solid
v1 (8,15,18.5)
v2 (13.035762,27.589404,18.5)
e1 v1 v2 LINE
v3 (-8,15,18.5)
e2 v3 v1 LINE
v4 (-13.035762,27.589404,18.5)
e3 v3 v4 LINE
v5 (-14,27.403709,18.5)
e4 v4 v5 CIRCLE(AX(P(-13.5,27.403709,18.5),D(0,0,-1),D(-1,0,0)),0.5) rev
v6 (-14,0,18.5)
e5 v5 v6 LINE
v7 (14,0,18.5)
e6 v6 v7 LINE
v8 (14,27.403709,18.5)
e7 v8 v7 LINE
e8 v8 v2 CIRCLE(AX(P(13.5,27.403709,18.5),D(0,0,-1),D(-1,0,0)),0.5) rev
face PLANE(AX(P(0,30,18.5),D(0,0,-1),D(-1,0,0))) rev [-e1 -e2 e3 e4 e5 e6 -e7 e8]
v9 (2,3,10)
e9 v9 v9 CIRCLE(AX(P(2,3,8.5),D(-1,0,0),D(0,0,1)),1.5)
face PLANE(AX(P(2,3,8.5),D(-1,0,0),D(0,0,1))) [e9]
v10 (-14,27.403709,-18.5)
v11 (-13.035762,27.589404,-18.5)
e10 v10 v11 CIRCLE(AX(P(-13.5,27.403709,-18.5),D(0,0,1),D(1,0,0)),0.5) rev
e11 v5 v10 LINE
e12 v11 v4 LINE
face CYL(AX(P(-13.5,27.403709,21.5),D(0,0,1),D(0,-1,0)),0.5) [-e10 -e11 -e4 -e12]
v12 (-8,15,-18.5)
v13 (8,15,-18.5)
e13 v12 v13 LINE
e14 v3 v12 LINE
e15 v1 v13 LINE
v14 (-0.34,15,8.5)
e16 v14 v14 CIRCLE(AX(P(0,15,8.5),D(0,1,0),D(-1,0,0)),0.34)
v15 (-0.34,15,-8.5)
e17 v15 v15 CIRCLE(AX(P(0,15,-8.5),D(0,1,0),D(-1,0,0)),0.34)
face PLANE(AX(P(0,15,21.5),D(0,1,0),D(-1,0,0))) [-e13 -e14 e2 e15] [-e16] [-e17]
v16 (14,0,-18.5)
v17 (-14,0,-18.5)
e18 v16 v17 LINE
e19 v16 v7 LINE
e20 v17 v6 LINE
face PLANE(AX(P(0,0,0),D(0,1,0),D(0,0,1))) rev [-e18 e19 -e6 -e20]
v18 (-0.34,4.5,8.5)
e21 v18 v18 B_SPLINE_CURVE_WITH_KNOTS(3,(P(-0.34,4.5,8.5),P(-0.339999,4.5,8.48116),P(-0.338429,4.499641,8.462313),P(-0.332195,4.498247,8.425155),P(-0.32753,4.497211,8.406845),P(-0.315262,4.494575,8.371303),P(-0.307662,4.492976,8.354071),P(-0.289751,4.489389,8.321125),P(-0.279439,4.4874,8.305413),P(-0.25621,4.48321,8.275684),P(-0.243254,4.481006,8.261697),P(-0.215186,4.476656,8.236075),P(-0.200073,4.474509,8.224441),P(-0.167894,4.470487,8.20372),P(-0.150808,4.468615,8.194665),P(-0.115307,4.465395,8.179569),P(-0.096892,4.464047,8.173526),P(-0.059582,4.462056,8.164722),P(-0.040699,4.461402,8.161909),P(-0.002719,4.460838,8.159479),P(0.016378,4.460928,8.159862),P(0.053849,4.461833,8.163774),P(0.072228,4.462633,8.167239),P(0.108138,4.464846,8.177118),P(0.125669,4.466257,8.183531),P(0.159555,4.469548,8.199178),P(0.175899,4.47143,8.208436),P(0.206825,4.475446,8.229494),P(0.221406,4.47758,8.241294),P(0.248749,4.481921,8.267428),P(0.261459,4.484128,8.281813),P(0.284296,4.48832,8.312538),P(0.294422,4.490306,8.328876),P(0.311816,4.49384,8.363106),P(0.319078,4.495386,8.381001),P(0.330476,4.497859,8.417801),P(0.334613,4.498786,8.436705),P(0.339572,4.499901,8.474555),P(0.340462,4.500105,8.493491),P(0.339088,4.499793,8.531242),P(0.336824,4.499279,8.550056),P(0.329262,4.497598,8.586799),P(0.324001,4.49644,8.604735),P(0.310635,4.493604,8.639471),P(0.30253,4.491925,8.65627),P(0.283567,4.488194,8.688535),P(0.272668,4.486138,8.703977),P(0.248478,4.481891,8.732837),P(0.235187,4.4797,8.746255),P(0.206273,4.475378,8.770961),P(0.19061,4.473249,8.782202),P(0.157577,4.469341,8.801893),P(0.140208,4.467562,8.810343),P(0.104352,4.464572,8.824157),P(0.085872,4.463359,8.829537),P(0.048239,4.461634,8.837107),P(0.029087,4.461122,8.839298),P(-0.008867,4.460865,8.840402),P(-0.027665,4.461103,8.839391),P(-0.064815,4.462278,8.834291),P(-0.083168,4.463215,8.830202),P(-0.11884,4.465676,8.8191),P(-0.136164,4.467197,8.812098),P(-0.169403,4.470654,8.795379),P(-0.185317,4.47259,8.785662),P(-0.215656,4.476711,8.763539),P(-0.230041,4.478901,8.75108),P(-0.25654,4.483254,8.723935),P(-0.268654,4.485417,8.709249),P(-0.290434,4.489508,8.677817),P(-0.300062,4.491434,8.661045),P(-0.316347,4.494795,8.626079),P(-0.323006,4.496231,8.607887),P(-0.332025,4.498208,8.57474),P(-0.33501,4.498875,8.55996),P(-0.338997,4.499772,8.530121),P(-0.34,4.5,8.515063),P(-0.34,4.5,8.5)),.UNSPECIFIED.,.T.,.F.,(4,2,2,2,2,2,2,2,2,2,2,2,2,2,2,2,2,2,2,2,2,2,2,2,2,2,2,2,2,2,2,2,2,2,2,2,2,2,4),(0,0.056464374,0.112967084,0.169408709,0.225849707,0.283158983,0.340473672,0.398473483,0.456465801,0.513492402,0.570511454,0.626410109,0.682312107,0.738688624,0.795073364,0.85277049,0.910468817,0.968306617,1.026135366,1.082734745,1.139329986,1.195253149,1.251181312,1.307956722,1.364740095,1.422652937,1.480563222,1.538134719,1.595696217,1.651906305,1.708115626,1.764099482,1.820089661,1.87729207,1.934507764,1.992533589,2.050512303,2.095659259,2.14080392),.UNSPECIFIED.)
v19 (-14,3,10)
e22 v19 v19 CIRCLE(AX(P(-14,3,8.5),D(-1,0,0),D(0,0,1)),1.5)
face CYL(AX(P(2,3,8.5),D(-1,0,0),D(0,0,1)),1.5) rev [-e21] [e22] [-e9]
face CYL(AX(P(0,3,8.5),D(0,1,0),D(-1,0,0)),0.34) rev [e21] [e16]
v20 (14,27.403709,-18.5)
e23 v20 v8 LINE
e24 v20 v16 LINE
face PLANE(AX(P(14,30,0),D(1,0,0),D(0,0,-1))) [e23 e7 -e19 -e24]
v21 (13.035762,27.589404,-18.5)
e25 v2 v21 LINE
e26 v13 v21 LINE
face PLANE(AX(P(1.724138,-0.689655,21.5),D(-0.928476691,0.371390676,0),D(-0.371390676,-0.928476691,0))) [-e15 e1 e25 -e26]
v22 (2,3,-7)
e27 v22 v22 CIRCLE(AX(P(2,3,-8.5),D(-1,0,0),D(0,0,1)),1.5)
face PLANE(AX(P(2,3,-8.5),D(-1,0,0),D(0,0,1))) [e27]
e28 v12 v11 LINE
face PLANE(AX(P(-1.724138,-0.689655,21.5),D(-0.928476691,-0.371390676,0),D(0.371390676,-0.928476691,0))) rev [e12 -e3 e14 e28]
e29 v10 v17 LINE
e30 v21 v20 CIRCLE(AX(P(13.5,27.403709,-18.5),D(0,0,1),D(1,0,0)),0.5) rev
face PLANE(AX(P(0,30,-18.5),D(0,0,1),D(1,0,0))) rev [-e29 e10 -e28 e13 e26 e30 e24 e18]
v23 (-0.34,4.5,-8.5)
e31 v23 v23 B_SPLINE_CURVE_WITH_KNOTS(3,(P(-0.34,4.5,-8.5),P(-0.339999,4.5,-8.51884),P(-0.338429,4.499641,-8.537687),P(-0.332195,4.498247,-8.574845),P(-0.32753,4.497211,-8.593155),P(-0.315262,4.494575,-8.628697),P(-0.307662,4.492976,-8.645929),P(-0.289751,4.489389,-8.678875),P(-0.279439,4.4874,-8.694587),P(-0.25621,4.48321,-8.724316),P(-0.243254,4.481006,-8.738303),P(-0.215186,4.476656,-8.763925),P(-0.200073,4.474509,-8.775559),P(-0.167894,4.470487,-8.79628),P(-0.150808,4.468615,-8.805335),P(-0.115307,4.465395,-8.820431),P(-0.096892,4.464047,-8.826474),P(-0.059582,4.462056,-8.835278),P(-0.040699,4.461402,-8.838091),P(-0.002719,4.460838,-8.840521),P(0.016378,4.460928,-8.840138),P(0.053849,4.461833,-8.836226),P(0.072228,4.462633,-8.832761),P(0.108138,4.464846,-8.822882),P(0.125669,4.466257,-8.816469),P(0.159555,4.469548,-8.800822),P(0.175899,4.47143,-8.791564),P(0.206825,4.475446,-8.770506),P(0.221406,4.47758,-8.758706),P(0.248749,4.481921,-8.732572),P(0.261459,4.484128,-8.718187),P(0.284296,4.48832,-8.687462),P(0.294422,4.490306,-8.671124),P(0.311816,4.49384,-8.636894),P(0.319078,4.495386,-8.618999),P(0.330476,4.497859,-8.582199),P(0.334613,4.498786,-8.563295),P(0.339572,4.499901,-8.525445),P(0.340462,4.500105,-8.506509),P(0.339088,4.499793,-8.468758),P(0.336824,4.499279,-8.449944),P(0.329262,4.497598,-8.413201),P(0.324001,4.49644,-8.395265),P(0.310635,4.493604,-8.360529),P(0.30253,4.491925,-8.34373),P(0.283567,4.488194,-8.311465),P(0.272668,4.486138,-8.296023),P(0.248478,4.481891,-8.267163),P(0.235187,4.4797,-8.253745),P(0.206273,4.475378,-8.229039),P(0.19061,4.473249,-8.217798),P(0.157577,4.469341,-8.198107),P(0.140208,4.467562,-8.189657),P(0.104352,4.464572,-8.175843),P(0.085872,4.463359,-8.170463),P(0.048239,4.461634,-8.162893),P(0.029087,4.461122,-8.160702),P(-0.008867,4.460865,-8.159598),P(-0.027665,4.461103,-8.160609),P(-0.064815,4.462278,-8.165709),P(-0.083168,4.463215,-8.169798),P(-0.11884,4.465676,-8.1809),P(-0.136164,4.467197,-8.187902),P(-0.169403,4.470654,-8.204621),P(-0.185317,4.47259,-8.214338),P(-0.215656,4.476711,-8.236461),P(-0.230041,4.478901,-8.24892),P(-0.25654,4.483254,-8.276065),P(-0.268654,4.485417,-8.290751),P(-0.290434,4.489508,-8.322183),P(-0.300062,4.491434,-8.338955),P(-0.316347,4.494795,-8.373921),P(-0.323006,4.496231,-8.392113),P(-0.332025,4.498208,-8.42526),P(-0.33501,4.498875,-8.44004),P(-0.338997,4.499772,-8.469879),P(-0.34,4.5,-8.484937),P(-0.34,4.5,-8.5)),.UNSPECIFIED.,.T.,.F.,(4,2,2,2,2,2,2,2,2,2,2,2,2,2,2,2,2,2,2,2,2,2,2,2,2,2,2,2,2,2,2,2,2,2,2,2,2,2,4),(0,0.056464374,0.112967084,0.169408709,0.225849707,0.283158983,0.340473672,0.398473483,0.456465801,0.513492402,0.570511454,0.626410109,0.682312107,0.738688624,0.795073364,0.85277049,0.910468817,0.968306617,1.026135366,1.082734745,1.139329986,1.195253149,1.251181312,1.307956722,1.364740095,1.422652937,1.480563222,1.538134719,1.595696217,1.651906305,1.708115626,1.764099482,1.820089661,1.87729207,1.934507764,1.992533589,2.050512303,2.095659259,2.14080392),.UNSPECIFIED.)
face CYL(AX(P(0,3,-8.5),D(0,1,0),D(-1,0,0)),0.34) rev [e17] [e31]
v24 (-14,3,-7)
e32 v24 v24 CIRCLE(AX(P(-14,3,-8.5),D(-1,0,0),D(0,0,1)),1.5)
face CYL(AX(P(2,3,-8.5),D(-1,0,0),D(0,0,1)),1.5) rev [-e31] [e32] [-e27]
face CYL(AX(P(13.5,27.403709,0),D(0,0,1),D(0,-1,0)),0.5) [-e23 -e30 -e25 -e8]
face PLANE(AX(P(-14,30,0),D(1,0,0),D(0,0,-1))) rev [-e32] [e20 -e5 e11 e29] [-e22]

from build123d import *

# Parameters (mm, degrees)
ESQUISSE1_W             = 2
ESQUISSE1_H             = 37
ESQUISSE1_W_2           = 24
BOSS_EXTRU_1_DEPTH      = 30
ENL_V_MAT_EXTRU_3_DEPTH = 40
CONG_1_R                = 0.5
ESQUISSE4_R             = 0.34
ENL_V_MAT_EXTRU_4_DEPTH = 12
ESQUISSE5_R             = 1.5
ENL_V_MAT_EXTRU_6_DEPTH = 16


with BuildPart() as part:
    # Esquisse1 → Boss.-Extru.1 (new body)
    with BuildSketch(Plane(origin=(0, 0, 0), x_dir=(1, 0, 0), z_dir=(0, 1, 0))):
        with Locations((-13, 0)):
            Rectangle(ESQUISSE1_W, ESQUISSE1_H)
        Rectangle(ESQUISSE1_W_2, ESQUISSE1_H)
        with Locations((13, 0)):
            Rectangle(ESQUISSE1_W, ESQUISSE1_H)
    extrude(amount=BOSS_EXTRU_1_DEPTH)

    # Esquisse3 → Enlèv. mat.-Extru.3 (cut)
    with BuildSketch(Plane(origin=(0, 0, -18.5), x_dir=(-1, 0, 0), z_dir=(0, 0, -1))):
        Polygon((-8, 15), (8, 15), (14, 30), (-14, 30), align=None)
    extrude(amount=-ENL_V_MAT_EXTRU_3_DEPTH, mode=Mode.SUBTRACT)

    # Congé1
    cong_1_edges = [part.edges().sort_by_distance(p)[0] for p in [
        (14, 30, 0),
        (-14, 30, 0),
    ]]
    fillet(cong_1_edges, radius=CONG_1_R)

    # Esquisse4 → Enlèv. mat.-Extru.4 (cut)
    with BuildSketch(Plane(origin=(0, 15, 0), x_dir=(1, 0, 0), z_dir=(0, 1, 0))):
        with Locations(Location((0, 8.5, 0), (0, 0, 180))):
            Circle(ESQUISSE4_R)
        with Locations(Location((0, -8.5, 0), (0, 0, 180))):
            Circle(ESQUISSE4_R)
    extrude(amount=-ENL_V_MAT_EXTRU_4_DEPTH, mode=Mode.SUBTRACT)

    # Esquisse5 → Enlèv. mat.-Extru.6 (cut)
    with BuildSketch(Plane.ZY.offset(14)):
        with Locations((-8.5, 3)):
            Circle(ESQUISSE5_R)
        with Locations((8.5, 3)):
            Circle(ESQUISSE5_R)
    extrude(amount=-ENL_V_MAT_EXTRU_6_DEPTH, mode=Mode.SUBTRACT)


solid = part.part
